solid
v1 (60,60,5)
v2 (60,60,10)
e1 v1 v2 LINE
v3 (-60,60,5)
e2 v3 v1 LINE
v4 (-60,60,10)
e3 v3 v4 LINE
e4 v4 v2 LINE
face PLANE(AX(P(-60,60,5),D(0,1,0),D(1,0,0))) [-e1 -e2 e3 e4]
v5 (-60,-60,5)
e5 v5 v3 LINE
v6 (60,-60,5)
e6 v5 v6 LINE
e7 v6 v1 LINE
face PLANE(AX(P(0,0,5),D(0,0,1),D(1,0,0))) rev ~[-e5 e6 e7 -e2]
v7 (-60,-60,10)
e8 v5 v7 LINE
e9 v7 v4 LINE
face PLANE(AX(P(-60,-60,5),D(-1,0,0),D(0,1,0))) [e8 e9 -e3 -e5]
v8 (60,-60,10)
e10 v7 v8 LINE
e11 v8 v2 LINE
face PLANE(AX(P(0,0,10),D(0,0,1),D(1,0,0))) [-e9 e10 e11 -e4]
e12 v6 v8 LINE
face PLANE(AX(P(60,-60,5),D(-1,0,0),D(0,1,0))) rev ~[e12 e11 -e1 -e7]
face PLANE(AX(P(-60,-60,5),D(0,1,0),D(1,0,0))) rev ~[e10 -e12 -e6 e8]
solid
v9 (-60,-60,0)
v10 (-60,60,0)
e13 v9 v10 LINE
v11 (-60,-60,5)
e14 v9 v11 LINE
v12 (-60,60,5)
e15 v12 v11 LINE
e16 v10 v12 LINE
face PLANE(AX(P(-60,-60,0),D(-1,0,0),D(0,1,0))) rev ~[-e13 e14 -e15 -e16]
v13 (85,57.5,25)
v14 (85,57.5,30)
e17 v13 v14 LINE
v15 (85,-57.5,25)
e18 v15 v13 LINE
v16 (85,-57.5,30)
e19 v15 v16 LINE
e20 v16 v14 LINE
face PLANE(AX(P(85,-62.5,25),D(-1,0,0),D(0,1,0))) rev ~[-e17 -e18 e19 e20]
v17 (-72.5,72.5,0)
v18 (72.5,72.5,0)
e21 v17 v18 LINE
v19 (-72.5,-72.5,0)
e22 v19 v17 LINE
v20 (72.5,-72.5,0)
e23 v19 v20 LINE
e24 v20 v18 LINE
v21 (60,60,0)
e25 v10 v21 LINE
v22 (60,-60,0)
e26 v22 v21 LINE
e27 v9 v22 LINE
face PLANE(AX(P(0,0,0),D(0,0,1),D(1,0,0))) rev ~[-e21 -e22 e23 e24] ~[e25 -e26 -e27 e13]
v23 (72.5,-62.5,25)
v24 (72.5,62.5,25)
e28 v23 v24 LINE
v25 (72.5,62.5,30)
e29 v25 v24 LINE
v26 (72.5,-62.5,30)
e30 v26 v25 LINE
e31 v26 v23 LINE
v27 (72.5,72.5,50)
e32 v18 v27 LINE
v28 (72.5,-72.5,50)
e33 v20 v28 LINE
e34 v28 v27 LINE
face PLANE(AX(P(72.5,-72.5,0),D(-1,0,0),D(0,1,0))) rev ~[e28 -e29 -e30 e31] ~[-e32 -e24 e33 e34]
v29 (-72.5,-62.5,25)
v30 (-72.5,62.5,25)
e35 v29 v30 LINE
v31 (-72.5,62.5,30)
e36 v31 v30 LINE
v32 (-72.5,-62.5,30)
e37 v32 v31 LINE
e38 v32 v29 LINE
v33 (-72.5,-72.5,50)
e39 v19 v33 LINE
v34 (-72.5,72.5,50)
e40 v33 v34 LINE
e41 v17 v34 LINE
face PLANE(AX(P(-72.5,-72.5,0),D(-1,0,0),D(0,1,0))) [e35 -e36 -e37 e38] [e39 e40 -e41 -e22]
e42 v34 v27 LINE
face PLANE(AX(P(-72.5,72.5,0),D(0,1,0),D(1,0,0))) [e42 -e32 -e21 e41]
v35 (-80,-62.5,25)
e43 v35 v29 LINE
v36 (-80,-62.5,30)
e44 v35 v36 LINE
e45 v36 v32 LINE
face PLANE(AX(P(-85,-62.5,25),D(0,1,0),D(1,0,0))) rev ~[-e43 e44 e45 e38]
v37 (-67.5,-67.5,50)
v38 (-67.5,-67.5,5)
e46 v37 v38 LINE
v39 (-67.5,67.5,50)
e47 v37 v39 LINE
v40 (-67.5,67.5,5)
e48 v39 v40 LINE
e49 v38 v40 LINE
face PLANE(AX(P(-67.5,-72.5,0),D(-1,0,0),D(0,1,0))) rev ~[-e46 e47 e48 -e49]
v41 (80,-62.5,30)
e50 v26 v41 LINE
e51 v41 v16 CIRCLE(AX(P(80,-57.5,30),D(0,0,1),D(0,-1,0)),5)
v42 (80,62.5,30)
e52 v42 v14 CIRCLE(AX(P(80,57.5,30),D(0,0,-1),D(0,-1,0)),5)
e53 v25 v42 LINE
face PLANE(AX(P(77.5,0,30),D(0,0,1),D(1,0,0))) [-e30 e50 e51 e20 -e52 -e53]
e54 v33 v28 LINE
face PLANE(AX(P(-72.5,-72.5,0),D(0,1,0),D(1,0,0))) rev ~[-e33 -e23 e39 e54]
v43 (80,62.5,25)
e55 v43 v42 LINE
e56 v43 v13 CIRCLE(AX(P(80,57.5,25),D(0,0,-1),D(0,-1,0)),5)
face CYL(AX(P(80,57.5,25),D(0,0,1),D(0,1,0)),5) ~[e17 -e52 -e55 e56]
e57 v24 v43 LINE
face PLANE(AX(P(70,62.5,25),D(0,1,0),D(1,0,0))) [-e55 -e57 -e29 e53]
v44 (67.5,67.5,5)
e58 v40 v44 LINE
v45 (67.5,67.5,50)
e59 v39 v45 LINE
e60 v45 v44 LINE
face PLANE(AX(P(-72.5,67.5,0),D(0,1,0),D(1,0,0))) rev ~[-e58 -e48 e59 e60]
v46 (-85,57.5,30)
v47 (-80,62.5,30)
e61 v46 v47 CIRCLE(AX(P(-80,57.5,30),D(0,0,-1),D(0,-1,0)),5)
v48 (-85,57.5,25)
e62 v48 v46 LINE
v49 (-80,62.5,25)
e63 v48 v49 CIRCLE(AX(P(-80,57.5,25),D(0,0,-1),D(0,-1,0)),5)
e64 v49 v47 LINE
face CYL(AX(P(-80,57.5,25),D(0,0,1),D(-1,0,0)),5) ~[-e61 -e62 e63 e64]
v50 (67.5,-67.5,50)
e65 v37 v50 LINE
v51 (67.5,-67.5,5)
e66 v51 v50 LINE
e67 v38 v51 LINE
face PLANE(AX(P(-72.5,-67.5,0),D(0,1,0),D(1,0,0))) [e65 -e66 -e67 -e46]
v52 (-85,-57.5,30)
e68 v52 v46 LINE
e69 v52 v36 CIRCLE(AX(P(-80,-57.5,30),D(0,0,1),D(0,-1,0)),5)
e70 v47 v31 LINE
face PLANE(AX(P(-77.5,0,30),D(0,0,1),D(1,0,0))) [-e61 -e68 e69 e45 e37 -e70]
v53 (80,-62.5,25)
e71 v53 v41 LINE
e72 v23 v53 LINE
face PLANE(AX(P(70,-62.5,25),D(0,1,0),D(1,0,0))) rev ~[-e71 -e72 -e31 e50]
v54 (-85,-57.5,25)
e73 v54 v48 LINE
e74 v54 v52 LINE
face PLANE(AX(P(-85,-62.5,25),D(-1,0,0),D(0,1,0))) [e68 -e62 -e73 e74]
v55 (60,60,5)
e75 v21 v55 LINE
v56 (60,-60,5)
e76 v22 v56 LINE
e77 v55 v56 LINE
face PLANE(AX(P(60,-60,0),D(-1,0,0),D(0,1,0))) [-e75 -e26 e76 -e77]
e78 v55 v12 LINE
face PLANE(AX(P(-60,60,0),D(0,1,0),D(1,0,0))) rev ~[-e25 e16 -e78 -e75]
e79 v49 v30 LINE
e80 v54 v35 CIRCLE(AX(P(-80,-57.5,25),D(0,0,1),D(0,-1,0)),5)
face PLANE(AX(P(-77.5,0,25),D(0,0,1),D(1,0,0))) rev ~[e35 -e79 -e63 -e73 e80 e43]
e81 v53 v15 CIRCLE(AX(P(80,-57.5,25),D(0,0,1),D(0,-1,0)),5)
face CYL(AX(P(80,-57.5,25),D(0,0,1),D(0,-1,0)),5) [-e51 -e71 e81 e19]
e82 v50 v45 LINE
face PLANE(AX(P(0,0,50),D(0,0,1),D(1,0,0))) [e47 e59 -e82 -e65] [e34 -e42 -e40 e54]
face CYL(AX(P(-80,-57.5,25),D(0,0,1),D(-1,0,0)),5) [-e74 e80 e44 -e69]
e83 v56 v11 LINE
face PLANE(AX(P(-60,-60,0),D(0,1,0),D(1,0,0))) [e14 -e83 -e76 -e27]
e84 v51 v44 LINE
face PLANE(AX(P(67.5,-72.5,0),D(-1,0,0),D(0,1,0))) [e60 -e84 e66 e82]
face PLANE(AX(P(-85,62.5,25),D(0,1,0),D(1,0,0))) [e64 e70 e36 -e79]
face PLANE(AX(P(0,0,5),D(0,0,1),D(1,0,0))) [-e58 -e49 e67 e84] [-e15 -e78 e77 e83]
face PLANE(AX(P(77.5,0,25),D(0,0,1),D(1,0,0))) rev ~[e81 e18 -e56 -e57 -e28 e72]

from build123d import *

# Parameters (mm, degrees)
F0_W      = 145
F0_H      = 145
F1_DEPTH  = 50
F2_T      = -5
F3_W      = 120
F3_H      = 120
F4_DEPTH  = 25
F6_W      = 15
F6_H      = 125
F7_DEPTH  = 5
F8_R      = 5
F9_W      = 120
F9_H      = 120
F10_DEPTH = 5


with BuildPart() as f1:
    # F0 (on Top) → F1 (new body)
    with BuildSketch(Plane.XY):
        Rectangle(F0_W, F0_H)
    extrude(amount=F1_DEPTH)

    # F2
    f2_openings = [f1.faces().sort_by_distance(p)[0] for p in [
        (0, 0, 50),
    ]]
    offset(amount=F2_T, openings=f2_openings)

    # F3 (on Top) → F4 (cut)
    with BuildSketch(Plane.XY):
        Rectangle(F3_W, F3_H)
    extrude(amount=F4_DEPTH, mode=Mode.SUBTRACT)

    # F6 (on offset) → F7 (join)
    with BuildSketch(Plane.XY.offset(25)):
        with Locations((-77.5, 0)):
            Rectangle(F6_W, F6_H)
        with Locations((77.5, 0)):
            Rectangle(F6_W, F6_H)
    extrude(amount=F7_DEPTH)

    # F8
    f8_edges = [f1.edges().sort_by_distance(p)[0] for p in [
        (-85, 62.5, 27.5),
        (85, 62.5, 27.5),
        (85, -62.5, 27.5),
        (-85, -62.5, 27.5),
    ]]
    fillet(f8_edges, radius=F8_R)


with BuildPart() as f10:
    # F9 (on face) → F10 (new body)
    with BuildSketch(Plane.XY.offset(5)):
        Rectangle(F9_W, F9_H)
    extrude(amount=F10_DEPTH)


solid = Compound([f1.part, f10.part])
